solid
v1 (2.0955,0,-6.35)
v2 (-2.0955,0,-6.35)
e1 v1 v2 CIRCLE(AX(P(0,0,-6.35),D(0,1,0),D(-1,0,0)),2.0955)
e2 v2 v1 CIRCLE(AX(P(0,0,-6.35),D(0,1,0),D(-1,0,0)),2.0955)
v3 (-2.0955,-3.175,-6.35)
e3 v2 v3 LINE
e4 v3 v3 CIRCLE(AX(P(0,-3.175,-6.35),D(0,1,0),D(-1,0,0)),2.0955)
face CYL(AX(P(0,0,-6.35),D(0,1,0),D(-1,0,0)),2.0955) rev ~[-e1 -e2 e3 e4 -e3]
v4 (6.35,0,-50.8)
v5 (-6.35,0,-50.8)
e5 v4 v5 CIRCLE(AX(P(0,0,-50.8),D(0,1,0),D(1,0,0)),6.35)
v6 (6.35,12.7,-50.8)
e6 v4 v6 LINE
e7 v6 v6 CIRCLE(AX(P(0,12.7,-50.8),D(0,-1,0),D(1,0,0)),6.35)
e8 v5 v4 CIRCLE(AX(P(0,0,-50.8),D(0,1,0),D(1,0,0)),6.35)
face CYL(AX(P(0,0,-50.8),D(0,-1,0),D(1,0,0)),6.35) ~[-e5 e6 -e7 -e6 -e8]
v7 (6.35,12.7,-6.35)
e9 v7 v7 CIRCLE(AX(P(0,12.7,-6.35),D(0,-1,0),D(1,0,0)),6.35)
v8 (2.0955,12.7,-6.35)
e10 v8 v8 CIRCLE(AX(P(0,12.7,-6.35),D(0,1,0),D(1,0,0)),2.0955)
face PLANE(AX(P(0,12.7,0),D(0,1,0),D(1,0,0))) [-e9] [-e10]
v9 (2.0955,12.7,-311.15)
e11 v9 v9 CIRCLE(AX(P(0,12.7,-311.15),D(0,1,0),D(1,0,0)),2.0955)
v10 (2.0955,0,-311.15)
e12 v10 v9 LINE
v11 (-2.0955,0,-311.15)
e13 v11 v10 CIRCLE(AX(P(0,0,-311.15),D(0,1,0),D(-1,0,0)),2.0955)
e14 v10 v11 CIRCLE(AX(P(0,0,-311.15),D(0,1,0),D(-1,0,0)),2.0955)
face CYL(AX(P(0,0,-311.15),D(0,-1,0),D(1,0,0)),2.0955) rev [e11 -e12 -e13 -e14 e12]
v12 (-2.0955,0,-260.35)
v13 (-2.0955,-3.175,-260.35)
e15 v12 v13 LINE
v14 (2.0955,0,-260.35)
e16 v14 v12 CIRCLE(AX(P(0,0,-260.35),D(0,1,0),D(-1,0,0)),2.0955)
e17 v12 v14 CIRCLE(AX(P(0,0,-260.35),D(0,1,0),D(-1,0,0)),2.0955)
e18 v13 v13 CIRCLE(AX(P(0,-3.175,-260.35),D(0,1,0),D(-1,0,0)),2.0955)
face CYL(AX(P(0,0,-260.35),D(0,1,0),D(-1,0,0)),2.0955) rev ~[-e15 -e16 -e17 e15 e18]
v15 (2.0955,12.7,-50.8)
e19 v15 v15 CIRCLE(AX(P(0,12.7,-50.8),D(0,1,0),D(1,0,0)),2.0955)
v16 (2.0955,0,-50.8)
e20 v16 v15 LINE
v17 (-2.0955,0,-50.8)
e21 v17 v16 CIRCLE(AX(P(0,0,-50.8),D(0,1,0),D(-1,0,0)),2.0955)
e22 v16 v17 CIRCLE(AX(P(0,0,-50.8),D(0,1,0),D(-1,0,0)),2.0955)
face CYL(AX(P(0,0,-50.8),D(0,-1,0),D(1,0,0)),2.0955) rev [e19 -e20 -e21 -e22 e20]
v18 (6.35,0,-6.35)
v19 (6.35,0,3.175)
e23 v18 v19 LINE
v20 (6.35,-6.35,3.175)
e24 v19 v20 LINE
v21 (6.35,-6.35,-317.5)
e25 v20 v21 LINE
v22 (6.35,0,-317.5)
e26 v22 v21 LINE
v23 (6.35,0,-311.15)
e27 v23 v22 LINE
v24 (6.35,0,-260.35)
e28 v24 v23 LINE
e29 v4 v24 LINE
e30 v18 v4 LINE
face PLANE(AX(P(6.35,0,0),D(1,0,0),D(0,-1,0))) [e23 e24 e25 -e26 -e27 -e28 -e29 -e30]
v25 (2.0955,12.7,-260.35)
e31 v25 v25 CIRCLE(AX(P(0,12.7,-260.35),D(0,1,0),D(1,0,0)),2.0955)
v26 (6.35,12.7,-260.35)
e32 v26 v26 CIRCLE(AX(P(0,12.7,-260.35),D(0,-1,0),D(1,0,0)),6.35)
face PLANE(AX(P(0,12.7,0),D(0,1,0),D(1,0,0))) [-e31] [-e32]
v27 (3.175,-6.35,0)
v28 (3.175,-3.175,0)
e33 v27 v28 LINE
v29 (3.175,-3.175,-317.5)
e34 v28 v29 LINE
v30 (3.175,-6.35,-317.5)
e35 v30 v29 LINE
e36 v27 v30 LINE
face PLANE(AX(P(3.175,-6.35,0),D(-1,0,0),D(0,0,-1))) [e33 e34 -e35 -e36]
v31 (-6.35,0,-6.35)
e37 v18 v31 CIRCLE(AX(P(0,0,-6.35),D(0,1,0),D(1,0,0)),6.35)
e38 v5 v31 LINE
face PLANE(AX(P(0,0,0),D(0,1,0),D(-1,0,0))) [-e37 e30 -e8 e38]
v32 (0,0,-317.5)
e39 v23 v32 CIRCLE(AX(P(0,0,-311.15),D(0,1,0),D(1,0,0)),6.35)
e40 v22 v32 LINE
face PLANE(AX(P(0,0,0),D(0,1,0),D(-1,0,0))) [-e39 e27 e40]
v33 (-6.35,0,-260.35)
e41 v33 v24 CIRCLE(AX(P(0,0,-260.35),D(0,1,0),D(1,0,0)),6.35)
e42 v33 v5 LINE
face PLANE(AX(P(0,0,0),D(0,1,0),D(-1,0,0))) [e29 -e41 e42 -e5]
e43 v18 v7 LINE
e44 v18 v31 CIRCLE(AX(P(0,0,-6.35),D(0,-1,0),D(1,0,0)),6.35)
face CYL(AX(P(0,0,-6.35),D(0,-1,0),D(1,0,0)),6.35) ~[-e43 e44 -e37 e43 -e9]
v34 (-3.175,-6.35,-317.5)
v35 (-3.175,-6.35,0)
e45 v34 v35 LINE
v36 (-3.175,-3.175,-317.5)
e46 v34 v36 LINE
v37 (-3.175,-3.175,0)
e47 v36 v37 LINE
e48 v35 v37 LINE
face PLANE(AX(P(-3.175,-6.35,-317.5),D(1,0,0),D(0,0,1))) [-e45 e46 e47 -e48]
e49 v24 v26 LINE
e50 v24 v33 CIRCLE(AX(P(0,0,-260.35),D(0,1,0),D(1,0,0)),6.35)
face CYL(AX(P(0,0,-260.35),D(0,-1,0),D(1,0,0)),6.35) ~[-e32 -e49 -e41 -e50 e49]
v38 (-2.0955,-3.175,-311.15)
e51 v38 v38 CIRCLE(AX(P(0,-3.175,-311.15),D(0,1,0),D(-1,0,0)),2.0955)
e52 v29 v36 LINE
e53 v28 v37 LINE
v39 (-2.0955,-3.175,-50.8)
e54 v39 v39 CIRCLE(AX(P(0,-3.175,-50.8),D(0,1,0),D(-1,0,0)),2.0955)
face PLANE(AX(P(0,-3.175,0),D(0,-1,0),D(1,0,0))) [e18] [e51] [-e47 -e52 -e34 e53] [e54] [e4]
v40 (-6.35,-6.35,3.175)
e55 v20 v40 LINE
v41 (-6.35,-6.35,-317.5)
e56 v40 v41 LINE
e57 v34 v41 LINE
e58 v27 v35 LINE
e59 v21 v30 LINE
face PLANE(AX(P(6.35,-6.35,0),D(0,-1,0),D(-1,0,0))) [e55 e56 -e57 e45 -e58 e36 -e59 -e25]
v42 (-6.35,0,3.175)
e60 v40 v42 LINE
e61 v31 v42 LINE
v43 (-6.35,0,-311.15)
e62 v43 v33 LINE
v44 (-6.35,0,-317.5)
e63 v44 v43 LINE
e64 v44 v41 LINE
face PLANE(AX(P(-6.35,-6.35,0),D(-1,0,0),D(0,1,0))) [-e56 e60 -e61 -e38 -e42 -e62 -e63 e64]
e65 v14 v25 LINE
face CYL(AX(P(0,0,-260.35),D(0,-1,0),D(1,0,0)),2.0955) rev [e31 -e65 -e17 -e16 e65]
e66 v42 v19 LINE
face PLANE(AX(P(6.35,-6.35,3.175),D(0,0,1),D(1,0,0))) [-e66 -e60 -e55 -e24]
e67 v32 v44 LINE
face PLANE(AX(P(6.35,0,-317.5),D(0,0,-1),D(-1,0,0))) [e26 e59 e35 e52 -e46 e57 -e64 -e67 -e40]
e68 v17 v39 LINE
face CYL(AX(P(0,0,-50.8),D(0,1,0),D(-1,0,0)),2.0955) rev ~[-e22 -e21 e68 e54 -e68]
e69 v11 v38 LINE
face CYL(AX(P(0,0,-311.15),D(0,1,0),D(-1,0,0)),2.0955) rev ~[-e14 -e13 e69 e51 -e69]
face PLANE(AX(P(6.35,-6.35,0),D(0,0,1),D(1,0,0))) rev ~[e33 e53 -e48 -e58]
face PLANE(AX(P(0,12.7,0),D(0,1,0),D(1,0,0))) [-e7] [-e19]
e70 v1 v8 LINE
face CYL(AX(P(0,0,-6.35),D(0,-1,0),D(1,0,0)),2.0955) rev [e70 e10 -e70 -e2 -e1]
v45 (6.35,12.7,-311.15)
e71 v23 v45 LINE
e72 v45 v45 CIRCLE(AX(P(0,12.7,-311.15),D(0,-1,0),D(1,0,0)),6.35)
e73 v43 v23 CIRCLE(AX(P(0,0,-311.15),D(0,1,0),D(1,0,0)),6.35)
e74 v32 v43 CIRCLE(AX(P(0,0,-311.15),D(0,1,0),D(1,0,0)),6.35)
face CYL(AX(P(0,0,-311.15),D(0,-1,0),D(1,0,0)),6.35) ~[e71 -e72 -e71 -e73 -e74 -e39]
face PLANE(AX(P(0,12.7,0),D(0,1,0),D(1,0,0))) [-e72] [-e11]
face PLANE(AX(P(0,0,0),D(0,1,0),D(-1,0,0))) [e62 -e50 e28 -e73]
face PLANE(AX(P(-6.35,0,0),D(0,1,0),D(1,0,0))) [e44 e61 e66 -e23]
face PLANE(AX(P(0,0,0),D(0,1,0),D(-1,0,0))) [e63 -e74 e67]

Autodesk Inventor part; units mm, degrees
ref_plane "YZ Plane" through (0, 0, 0) normal (1, 0, 0) x (0, 1, 0)
ref_plane "XZ Plane" through (0, 0, 0) normal (0, 1, 0) x (-1, 0, 0)
ref_plane "XY Plane" through (0, 0, 0) normal (0, 0, 1) x (1, 0, 0)
sketch "Sketch1" plane through (0, 0, 0) normal (0, 1, 0) x (-1, 0, 0)
  line L0 (6.35, 0) -> (-6.35, 0)
  line L1 (-6.35, 0) -> (-6.35, -317.5)
  line L2 (-6.35, -317.5) -> (6.35, -317.5)
  line L3 (6.35, -317.5) -> (6.35, 0)
  circle A0 centre (0, -6.35) radius 2.0955
  circle A1 centre (0, -311.15) radius 2.0955
  circle A2 centre (0, -50.8) radius 2.0955
  circle A3 centre (0, -260.35) radius 2.0955
  point P0 (0, 0)
  dimension "d0" = 12.7
  dimension "d1" = 317.5
  dimension "d2" = 4.191
extrude "Extrusion1" add sketch "Sketch1" against normal blind 6.35
sketch "Sketch2" plane through (0, -6.35, 0) normal (0, -1, 0) x (1, 0, 0)
  line L0 (6.35, 0) -> (-6.35, 0) projected
  line L1 (-3.175, 0) -> (3.175, 0)
  line L2 (3.175, 0) -> (3.175, -317.5)
  line L3 (3.175, -317.5) -> (-3.175, -317.5)
  line L4 (-3.175, -317.5) -> (-3.175, 0)
  point P0 (0, 0)
extrude "Extrusion2" cut sketch "Sketch2" against normal blind 3.175
sketch "Sketch3" plane through (0, 0, 0) normal (0, 1, 0) x (1, 0, 0)
  circle A0 centre (0, 6.35) radius 6.35
  circle A1 centre (0, 50.8) radius 6.35
  line L0 (-6.35, 317.5) -> (-6.35, 0) projected
  circle A2 centre (0, 260.35) radius 6.35
  circle A3 centre (0, 311.15) radius 6.35
  circle A4 centre (0, 50.8) radius 2.0955 projected
  circle A5 centre (0, 6.35) radius 2.0955 projected
  circle A6 centre (0, 260.35) radius 2.0955 projected
  circle A7 centre (0, 311.15) radius 2.0955 projected
  point P0 (0, 0)
extrude "Extrusion3" add sketch "Sketch3" along normal blind 12.7
sketch "Sketch4" plane through (6.35, -6.35, 0) normal (0, 0, 1) x (1, 0, 0)
  line L0 (0, 6.35) -> (0, 0) projected
  line L1 (0, 0) -> (-12.7, 0)
  line L2 (-12.7, 0) -> (-12.7, 6.35)
  line L3 (-12.7, 6.35) -> (0, 6.35)
  line L4 (0, 6.35) -> (0, 0)
  point P0 (-6.35, 6.35)
extrude "Extrusion4" add sketch "Sketch4" along normal blind 3.175
properties part number "HS MOGO Ramp Jig"
